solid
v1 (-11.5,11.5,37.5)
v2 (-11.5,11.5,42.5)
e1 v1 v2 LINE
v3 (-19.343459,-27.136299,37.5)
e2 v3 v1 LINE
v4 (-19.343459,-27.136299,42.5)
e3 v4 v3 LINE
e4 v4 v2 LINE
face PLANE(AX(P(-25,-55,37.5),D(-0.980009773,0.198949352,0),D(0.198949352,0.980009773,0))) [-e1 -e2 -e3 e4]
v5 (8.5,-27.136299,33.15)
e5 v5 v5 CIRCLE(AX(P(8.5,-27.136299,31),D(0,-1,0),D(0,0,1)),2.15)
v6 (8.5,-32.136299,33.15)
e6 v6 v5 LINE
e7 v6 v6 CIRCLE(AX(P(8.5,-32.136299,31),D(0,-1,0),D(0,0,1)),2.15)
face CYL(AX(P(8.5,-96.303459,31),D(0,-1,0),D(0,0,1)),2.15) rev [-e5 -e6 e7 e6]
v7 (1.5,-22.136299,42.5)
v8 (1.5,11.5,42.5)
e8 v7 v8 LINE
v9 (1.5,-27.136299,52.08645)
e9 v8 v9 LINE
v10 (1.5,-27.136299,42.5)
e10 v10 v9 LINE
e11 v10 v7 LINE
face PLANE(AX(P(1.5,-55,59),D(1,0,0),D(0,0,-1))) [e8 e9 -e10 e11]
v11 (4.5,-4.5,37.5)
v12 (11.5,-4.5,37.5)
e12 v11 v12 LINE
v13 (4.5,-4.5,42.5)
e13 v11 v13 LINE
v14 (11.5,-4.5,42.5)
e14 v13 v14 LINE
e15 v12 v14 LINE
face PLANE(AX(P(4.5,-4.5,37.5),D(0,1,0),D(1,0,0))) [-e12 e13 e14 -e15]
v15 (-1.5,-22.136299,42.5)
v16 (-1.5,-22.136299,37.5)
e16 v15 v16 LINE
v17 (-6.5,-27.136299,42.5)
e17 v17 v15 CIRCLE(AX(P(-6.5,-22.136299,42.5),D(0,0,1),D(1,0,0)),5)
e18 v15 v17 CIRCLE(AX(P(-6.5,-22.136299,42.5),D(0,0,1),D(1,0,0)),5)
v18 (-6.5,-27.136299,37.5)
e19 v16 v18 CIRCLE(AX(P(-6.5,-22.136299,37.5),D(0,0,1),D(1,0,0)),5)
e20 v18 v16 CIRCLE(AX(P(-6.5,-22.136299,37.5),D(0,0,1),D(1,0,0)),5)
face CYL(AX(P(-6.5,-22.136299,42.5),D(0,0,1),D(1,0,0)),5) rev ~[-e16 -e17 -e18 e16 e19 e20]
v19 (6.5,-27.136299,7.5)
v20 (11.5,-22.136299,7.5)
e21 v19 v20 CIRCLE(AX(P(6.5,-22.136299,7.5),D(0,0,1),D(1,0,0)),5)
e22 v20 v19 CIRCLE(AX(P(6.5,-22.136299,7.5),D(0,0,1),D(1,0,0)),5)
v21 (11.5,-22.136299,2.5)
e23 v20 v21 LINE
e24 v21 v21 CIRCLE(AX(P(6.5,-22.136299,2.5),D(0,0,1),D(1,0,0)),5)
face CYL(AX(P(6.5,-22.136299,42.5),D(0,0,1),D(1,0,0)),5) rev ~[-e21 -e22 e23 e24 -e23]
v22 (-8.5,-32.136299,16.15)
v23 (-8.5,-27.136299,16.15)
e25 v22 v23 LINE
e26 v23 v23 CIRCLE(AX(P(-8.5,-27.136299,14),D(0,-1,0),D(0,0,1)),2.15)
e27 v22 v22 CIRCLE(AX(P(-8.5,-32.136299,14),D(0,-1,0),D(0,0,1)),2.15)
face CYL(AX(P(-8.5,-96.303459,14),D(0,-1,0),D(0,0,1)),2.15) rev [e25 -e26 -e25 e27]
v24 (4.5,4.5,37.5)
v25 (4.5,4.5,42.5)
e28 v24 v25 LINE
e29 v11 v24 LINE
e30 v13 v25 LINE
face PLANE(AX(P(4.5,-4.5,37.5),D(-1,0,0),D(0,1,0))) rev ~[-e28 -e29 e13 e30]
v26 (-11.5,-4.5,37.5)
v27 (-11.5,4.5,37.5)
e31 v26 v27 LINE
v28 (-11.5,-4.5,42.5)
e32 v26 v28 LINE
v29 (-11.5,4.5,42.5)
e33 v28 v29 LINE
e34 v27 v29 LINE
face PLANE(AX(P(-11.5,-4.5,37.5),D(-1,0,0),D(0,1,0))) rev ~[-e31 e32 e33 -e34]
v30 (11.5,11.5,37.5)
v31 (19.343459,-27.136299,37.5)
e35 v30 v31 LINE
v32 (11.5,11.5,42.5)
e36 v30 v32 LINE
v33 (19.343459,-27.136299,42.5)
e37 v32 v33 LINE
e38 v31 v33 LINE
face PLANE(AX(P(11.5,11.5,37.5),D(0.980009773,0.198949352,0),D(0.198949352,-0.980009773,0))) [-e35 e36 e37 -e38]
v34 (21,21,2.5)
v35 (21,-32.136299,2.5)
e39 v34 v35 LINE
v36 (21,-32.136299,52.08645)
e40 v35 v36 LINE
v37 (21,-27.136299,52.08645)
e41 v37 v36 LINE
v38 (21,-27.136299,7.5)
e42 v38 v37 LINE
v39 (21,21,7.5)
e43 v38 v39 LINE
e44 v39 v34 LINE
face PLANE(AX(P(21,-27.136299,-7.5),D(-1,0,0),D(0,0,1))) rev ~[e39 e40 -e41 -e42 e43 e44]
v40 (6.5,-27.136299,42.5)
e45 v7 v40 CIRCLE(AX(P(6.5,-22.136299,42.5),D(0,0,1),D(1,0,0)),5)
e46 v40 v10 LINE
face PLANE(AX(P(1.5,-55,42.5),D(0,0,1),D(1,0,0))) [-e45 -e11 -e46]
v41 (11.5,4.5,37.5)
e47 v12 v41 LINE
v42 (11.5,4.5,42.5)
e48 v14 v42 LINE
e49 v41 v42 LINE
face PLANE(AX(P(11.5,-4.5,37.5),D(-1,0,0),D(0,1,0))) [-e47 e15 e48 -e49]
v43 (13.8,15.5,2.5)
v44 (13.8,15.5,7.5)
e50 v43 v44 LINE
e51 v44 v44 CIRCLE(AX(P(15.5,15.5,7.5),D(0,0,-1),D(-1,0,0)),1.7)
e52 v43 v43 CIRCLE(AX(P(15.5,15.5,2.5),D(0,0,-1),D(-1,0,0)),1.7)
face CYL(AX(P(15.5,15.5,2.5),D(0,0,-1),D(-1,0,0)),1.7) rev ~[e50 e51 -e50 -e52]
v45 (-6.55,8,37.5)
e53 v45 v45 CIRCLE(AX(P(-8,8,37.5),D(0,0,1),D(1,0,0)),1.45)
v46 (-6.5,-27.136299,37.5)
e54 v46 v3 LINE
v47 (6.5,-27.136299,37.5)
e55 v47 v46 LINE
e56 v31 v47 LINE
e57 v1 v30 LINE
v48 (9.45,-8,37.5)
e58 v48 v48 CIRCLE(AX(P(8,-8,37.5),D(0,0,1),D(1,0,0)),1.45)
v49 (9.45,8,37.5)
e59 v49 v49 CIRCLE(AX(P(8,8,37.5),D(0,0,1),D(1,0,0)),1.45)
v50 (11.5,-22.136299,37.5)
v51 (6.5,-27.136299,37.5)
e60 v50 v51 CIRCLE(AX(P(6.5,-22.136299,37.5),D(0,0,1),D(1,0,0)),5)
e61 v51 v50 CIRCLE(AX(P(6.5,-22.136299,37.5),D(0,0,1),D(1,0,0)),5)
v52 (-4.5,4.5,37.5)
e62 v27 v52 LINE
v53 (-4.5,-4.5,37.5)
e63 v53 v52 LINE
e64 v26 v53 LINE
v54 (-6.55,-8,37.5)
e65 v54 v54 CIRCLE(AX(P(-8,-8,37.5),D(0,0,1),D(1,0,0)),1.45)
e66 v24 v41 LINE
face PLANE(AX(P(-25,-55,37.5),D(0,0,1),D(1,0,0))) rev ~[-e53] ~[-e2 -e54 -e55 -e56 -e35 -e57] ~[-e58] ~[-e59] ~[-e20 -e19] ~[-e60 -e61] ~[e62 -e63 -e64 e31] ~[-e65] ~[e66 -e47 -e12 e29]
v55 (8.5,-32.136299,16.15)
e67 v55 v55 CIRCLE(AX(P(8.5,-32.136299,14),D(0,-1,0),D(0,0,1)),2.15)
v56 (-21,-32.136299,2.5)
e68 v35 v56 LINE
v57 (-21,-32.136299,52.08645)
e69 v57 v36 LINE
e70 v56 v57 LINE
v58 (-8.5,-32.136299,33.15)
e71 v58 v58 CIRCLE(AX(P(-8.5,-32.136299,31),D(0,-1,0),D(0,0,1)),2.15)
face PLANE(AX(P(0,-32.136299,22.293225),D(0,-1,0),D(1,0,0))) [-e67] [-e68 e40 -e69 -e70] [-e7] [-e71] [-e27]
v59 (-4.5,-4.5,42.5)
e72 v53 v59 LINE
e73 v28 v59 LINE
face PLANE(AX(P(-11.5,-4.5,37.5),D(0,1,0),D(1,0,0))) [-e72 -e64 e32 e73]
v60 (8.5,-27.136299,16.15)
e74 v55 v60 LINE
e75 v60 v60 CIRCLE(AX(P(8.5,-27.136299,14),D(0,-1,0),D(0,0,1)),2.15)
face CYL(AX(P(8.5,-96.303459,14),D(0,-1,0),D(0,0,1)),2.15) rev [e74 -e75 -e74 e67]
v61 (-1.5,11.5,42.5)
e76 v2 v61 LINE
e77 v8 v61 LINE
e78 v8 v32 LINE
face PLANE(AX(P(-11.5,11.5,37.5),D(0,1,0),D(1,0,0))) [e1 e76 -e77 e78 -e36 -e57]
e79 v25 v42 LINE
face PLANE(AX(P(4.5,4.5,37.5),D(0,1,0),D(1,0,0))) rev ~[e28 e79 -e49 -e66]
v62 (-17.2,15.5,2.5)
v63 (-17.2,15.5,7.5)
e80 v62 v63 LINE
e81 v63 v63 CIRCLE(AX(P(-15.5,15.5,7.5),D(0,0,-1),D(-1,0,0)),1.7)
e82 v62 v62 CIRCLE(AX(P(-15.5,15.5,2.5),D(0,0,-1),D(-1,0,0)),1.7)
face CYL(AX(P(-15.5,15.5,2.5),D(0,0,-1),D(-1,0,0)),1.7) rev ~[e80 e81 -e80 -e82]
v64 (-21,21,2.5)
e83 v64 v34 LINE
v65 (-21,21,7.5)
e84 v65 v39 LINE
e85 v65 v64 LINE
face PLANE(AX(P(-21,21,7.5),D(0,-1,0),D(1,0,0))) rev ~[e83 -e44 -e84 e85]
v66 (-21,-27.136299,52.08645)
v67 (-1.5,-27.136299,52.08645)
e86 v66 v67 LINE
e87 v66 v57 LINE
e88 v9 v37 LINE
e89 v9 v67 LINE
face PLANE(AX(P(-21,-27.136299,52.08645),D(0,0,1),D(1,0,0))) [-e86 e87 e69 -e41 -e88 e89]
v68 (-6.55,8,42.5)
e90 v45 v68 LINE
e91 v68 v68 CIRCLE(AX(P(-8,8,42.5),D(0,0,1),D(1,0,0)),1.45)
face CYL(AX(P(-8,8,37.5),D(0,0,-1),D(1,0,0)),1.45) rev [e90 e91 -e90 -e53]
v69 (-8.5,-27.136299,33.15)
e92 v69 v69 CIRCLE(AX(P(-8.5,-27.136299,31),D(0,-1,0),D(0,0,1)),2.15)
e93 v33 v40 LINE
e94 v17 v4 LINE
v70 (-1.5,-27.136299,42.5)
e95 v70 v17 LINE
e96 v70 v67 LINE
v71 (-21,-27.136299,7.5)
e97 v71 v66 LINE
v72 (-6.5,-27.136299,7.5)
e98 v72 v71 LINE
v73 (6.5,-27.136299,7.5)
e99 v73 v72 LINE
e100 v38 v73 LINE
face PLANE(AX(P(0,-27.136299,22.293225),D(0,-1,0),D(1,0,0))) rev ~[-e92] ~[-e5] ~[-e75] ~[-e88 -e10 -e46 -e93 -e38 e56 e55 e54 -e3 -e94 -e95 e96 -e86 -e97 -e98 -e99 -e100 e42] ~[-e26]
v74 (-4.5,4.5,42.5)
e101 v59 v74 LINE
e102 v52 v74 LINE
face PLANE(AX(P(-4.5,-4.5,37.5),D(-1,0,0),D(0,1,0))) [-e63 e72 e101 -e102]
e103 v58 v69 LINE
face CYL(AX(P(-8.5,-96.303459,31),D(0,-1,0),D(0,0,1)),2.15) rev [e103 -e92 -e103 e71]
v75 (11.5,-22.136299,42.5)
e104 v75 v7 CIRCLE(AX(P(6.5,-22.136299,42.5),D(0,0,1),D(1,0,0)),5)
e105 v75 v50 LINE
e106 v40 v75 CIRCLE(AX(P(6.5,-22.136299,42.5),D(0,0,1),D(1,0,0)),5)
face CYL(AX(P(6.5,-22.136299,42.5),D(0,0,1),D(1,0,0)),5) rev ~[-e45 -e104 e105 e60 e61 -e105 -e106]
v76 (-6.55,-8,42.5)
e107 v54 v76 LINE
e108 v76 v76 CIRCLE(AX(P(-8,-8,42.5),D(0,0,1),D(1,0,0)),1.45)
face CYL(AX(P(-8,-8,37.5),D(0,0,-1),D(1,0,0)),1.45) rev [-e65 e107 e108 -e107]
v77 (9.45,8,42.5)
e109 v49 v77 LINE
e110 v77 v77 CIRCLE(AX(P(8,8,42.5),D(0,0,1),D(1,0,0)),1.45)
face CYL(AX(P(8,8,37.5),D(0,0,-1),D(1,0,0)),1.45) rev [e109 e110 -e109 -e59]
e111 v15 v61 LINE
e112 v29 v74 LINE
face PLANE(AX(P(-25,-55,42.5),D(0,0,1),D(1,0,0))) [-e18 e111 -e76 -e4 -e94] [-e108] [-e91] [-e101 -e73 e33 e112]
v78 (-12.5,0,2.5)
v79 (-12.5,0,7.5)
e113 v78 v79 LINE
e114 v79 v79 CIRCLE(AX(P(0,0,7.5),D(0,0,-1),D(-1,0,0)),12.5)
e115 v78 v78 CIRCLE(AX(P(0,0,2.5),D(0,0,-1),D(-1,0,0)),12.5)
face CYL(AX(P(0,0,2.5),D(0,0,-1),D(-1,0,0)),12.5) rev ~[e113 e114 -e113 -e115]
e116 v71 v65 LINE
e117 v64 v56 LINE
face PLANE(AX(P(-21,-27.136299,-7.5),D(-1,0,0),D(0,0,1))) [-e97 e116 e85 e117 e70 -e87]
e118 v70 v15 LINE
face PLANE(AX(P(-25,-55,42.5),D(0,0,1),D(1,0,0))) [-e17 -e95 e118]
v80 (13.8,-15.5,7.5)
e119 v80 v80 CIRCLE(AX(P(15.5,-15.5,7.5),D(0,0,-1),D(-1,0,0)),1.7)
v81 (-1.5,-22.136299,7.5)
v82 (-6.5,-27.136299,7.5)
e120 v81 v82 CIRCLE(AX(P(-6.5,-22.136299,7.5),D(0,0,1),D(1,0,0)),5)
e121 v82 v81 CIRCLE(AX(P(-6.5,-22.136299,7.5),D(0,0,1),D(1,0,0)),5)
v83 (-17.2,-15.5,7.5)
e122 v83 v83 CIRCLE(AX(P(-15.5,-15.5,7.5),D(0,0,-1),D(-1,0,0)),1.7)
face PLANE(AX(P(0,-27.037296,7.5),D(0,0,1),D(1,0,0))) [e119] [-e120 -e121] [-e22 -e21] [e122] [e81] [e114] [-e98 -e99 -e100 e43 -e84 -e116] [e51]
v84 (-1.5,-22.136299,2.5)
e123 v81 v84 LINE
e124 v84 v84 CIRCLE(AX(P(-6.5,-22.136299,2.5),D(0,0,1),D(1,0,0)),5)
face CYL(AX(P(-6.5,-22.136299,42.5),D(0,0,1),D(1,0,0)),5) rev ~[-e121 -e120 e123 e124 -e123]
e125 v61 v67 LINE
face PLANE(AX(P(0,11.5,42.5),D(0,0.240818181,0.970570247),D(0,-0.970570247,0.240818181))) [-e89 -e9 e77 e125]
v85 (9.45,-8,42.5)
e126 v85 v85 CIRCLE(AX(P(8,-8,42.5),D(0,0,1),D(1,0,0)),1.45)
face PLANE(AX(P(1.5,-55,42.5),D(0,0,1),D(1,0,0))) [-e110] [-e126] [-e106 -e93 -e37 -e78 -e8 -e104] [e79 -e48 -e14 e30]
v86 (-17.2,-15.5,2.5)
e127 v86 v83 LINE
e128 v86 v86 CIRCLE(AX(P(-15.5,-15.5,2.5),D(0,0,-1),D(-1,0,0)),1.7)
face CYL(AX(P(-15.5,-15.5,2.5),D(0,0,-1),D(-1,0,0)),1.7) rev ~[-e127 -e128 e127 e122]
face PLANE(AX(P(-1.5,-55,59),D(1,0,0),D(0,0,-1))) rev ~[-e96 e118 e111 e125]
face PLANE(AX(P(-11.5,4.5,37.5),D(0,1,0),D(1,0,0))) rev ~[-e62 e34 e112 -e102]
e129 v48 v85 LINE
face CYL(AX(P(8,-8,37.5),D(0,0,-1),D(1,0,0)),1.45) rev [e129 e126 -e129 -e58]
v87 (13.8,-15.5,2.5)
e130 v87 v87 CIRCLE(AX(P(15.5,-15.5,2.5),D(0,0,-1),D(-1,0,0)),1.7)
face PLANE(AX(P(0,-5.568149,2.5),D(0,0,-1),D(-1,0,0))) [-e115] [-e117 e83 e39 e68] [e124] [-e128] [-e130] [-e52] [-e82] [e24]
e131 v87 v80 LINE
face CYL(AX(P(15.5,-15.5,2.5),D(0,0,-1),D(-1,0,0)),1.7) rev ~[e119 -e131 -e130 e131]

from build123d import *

# Parameters (mm, degrees)
MOTOR_MOUNT_SOLID_DEPTH                   = 7.5
ENCODER_DISTANCE_SKETCH_W                 = 50
ENCODER_DISTANCE_SKETCH_H                 = 45
ENCODER_DISTANCE_SOLID_DEPTH              = 5
ENCODER_MOUNT_SKETCH_R                    = 1.45
ENCODER_MOUNT_SKETCH_W                    = 7
ENCODER_MOUNT_SKETCH_H                    = 9
ENCODER_MOUNT_SOLID_DEPTH                 = 5
MOTOR_CLAMP_MOUNTING_HOLES_CUT_DEPTH      = 78.661122835
MOTOR_CLAMP_MOUNTING_HOLES_CUT_DEPTH_BACK = 78.661122835
MOTOR_CLAMP_MOUNTING_HOLES_SKETCH_R       = 1.45
GUSSET_PLATE_SKETCH_W                     = 50
GUSSET_PLATE_SKETCH_H                     = 5
GUSSET_PLATE_SOLID_DEPTH                  = 16.5
GUSSET_SOLID_DEPTH                        = 1.5
MOUNTING_PLATE_SKETCH_W                   = 50
MOUNTING_PLATE_SKETCH_H                   = 92
MOUNTING_PLATE_SKETCH_R                   = 2.65
MOUNTING_PLATE_SOLID_DEPTH                = 5
MOUNTING_HOLES_CUT_DEPTH                  = 93.348524623
MOUNTING_HOLES_CUT_DEPTH_BACK             = 93.348524623
MOUNTING_HOLE_SKETCH_R                    = 2.65
MOUNTING_PLATE_TRIM_SKETCH_W              = 50
MOUNTING_PLATE_TRIM_SKETCH_H              = 25.5
MOUNTING_PLATE_TRIM_SKETCH_H_2            = 30
MOUNTING_PLATE_TRIM_SKETCH_W_2            = 23.5
MOUNTING_PLATE_TRIM_SKETCH_H_3            = 16.5
MOUNTING_PLATE_TRIM_CUT_DEPTH             = 2
CUT_EXTRUDE1_DEPTH                        = 93.990590922
CUT_EXTRUDE1_DEPTH_BACK                   = 93.990590922
SKETCH2_W                                 = 50
SKETCH2_H                                 = 120
SKETCH2_W_2                               = 42
SKETCH2_H_2                               = 54.272597004
SKETCH3_W                                 = 42
SKETCH3_H                                 = 59.586450004
BOSS_EXTRUDE1_DEPTH                       = 5
CUT_EXTRUDE2_DEPTH                        = 69.16716098
CUT_EXTRUDE2_DEPTH_BACK                   = 69.16716098
SKETCH4_R                                 = 2.15
SKETCH5_W                                 = 42
SKETCH5_H                                 = 42
BOSS_EXTRUDE2_DEPTH                       = 5
SKETCH6_W                                 = 42
SKETCH6_H                                 = 53.136298502
CUT_EXTRUDE3_DEPTH                        = 10
SKETCH7_R                                 = 12.5
SKETCH7_R_2                               = 1.7
CUT_EXTRUDE4_DEPTH                        = 5
SKETCH8_R                                 = 5
CUT_EXTRUDE5_DEPTH                        = 56.441335495


with BuildPart() as part:
    # Mouting Mount Sketch → Motor Mount Solid (new, symmetric)
    with BuildSketch(Plane.XY):
        with BuildLine():
            Line((-25, -55), (25, -55))
            Line((25, -55), (25, 0))
            Line((25, 0), (10, 0))
            ThreePointArc((10, 0), (0, -10), (-10, 0))
            Line((-10, 0), (-25, 0))
            Line((-25, 0), (-25, -55))
        make_face()
    extrude(amount=MOTOR_MOUNT_SOLID_DEPTH, both=True)

    # Encoder Distance Sketch → Encoder Distance Solid (add)
    with BuildSketch(Plane.XZ.offset(55)):
        with Locations((0, 15)):
            Rectangle(ENCODER_DISTANCE_SKETCH_W, ENCODER_DISTANCE_SKETCH_H)
    extrude(amount=ENCODER_DISTANCE_SOLID_DEPTH)

    # Encoder Mount Sketch → Encoder Mount Solid (add)
    with BuildSketch(Plane.XY.offset(37.5)):
        Polygon((-25, -60), (-25, -55), (-11.5, 11.5), (11.5, 11.5), (25, -55), (25, -60), align=None)
        with Locations((-8, 8)):
            Circle(ENCODER_MOUNT_SKETCH_R, mode=Mode.SUBTRACT)
        with Locations((8, 8)):
            Circle(ENCODER_MOUNT_SKETCH_R, mode=Mode.SUBTRACT)
        with Locations((-8, -8)):
            Circle(ENCODER_MOUNT_SKETCH_R, mode=Mode.SUBTRACT)
        with Locations((8, -8)):
            Circle(ENCODER_MOUNT_SKETCH_R, mode=Mode.SUBTRACT)
        with Locations((-8, 0)):
            Rectangle(ENCODER_MOUNT_SKETCH_W, ENCODER_MOUNT_SKETCH_H, mode=Mode.SUBTRACT)
        with Locations((8, 0)):
            Rectangle(ENCODER_MOUNT_SKETCH_W, ENCODER_MOUNT_SKETCH_H, mode=Mode.SUBTRACT)
    extrude(amount=ENCODER_MOUNT_SOLID_DEPTH)

    # Motor Clamp Mounting Holes Sketch → Motor Clamp Mounting Holes Cut (cut, two sides: drawn at the far end of the back side and taken through both)
    with BuildSketch(Plane(origin=(0, 0, 0), x_dir=(1, 0, 0), z_dir=(0, 1, 0)).offset(-MOTOR_CLAMP_MOUNTING_HOLES_CUT_DEPTH_BACK)):
        with Locations(Location((-15, 0, 0), (0, 0, 180))):
            Circle(MOTOR_CLAMP_MOUNTING_HOLES_SKETCH_R)
        with Locations(Location((15, 0, 0), (0, 0, 180))):
            Circle(MOTOR_CLAMP_MOUNTING_HOLES_SKETCH_R)
    extrude(amount=MOTOR_CLAMP_MOUNTING_HOLES_CUT_DEPTH + MOTOR_CLAMP_MOUNTING_HOLES_CUT_DEPTH_BACK, mode=Mode.SUBTRACT)

    # Gusset Plate Sketch → Gusset Plate Solid (add)
    with BuildSketch(Plane.XY.offset(42.5)):
        with Locations((0, -57.5)):
            Rectangle(GUSSET_PLATE_SKETCH_W, GUSSET_PLATE_SKETCH_H)
    extrude(amount=GUSSET_PLATE_SOLID_DEPTH)

    # Gusset Sketch → Gusset Solid (add, symmetric)
    with BuildSketch(Plane(origin=(0, 0, 0), x_dir=(0, 0, -1), z_dir=(1, 0, 0))):
        Polygon((-42.5, 11.5), (-59, -55), (-42.5, -55), align=None)
    extrude(amount=GUSSET_SOLID_DEPTH, both=True)

    # Mounting Plate Sketch → Mounting Plate Solid (add)
    with BuildSketch(Plane(origin=(0, -55, 0), x_dir=(1, 0, 0), z_dir=(0, 1, 0))):
        with Locations((0, -13)):
            Rectangle(MOUNTING_PLATE_SKETCH_W, MOUNTING_PLATE_SKETCH_H)
        with Locations((-19, -53)):
            Circle(MOUNTING_PLATE_SKETCH_R, mode=Mode.SUBTRACT)
        with Locations((19, -53)):
            Circle(MOUNTING_PLATE_SKETCH_R, mode=Mode.SUBTRACT)
        with Locations(Location((-19, 27, 0), (0, 0, 270))):
            Circle(MOUNTING_PLATE_SKETCH_R, mode=Mode.SUBTRACT)
        with Locations(Location((19, 27, 0), (0, 0, 270))):
            Circle(MOUNTING_PLATE_SKETCH_R, mode=Mode.SUBTRACT)
    extrude(amount=-MOUNTING_PLATE_SOLID_DEPTH)

    # Mounting Hole Sketch → Mounting Holes Cut (cut, two sides: drawn at the far end of the back side and taken through both)
    with BuildSketch(Plane(origin=(0, -55, 0), x_dir=(1, 0, 0), z_dir=(0, 1, 0)).offset(-MOUNTING_HOLES_CUT_DEPTH_BACK)):
        with Locations(Location((-19, 27, 0), (0, 0, 270))):
            Circle(MOUNTING_HOLE_SKETCH_R)
        with Locations(Location((19, 27, 0), (0, 0, 270))):
            Circle(MOUNTING_HOLE_SKETCH_R)
        with Locations(Location((19, -53, 0), (0, 0, 90))):
            Circle(MOUNTING_HOLE_SKETCH_R)
        with Locations(Location((-19, -53, 0), (0, 0, 90))):
            Circle(MOUNTING_HOLE_SKETCH_R)
    extrude(amount=MOUNTING_HOLES_CUT_DEPTH + MOUNTING_HOLES_CUT_DEPTH_BACK, mode=Mode.SUBTRACT)

    # Mounting Plate Trim Sketch → Mounting Plate Trim Cut (cut)
    with BuildSketch(Plane(origin=(0, -55, 0), x_dir=(1, 0, 0), z_dir=(0, 1, 0))):
        with Locations((0, 20.25)):
            Rectangle(MOUNTING_PLATE_TRIM_SKETCH_W, MOUNTING_PLATE_TRIM_SKETCH_H)
        with Locations((0, -22.5)):
            Rectangle(MOUNTING_PLATE_TRIM_SKETCH_W, MOUNTING_PLATE_TRIM_SKETCH_H_2)
        with Locations((13.25, -50.75)):
            Rectangle(MOUNTING_PLATE_TRIM_SKETCH_W_2, MOUNTING_PLATE_TRIM_SKETCH_H_3)
        with Locations((-13.25, -50.75)):
            Rectangle(MOUNTING_PLATE_TRIM_SKETCH_W_2, MOUNTING_PLATE_TRIM_SKETCH_H_3)
    extrude(amount=-MOUNTING_PLATE_TRIM_CUT_DEPTH, mode=Mode.SUBTRACT)

    # Sketch2 → Cut-Extrude1 (cut, two sides: drawn at the far end of the back side and taken through both)
    with BuildSketch(Plane(origin=(0, 0, -7.5), x_dir=(-1, 0, 0), z_dir=(0, 0, -1)).offset(-CUT_EXTRUDE1_DEPTH_BACK)):
        Rectangle(SKETCH2_W, SKETCH2_H)
        Rectangle(SKETCH2_W_2, SKETCH2_H_2, mode=Mode.SUBTRACT)
    extrude(amount=CUT_EXTRUDE1_DEPTH + CUT_EXTRUDE1_DEPTH_BACK, mode=Mode.SUBTRACT)


with BuildPart() as cut_extrude1_piece_1:
    # of the separate pieces the step leaves, piece 1, a body of its own (cut_extrude1_pieces)
    add(part.part.solids().sort_by_distance((21, 0, 7.5))[0])



with BuildPart() as cut_extrude1_piece_2:
    # of the separate pieces the step leaves, piece 2, a body of its own (cut_extrude1_pieces)
    add(part.part.solids().sort_by_distance((-1.5, -27.136298502, 42.5))[0])


with BuildPart() as cut_extrude1_piece_1_1:
    add(cut_extrude1_piece_1.part)

    add(cut_extrude1_piece_2.part)  # Boss-Extrude1 merges Cut-Extrude1 piece 2
    # Sketch3 → Boss-Extrude1 (add)
    with BuildSketch(Plane.XZ.offset(27.136298502)):
        with Locations((0, 22.293225002)):
            Rectangle(SKETCH3_W, SKETCH3_H)
    extrude(amount=BOSS_EXTRUDE1_DEPTH)

    # Sketch4 → Cut-Extrude2 (cut, two sides: drawn at the far end of the back side and taken through both)
    with BuildSketch(Plane(origin=(0, -27.136298502, 0), x_dir=(1, 0, 0), z_dir=(0, 1, 0)).offset(-CUT_EXTRUDE2_DEPTH_BACK)):
        with Locations(Location((-8.5, -14, 0), (0, 0, 270))):
            Circle(SKETCH4_R)
        with Locations(Location((8.5, -14, 0), (0, 0, 270))):
            Circle(SKETCH4_R)
        with Locations(Location((-8.5, -31, 0), (0, 0, 270))):
            Circle(SKETCH4_R)
        with Locations(Location((8.5, -31, 0), (0, 0, 270))):
            Circle(SKETCH4_R)
    extrude(amount=CUT_EXTRUDE2_DEPTH + CUT_EXTRUDE2_DEPTH_BACK, mode=Mode.SUBTRACT)

    # Sketch5 → Boss-Extrude2 (add)
    with BuildSketch(Plane.XY.offset(7.5)):
        Rectangle(SKETCH5_W, SKETCH5_H)
    extrude(amount=-BOSS_EXTRUDE2_DEPTH)

    # Sketch6 → Cut-Extrude3 (cut)
    with BuildSketch(Plane(origin=(0, 0, -7.5), x_dir=(-1, 0, 0), z_dir=(0, 0, -1))):
        with Locations((0, -5.568149251)):
            Rectangle(SKETCH6_W, SKETCH6_H)
    extrude(amount=-CUT_EXTRUDE3_DEPTH, mode=Mode.SUBTRACT)

    # Sketch7 → Cut-Extrude4 (cut)
    with BuildSketch(Plane(origin=(0, 0, 2.5), x_dir=(-1, 0, 0), z_dir=(0, 0, -1))):
        Circle(SKETCH7_R)
        with Locations((-15.5, 15.5)):
            Circle(SKETCH7_R_2)
        with Locations((15.5, 15.5)):
            Circle(SKETCH7_R_2)
        with Locations((-15.5, -15.5)):
            Circle(SKETCH7_R_2)
        with Locations((15.5, -15.5)):
            Circle(SKETCH7_R_2)
    extrude(amount=-CUT_EXTRUDE4_DEPTH, mode=Mode.SUBTRACT)

    # Sketch8 → Cut-Extrude5 (cut, through all)
    with BuildSketch(Plane.XY.offset(42.5)):
        with Locations((-6.5, -22.136298502)):
            Circle(SKETCH8_R)
        with Locations((6.5, -22.136298502)):
            Circle(SKETCH8_R)
    extrude(amount=-CUT_EXTRUDE5_DEPTH, mode=Mode.SUBTRACT)


solid = cut_extrude1_piece_1_1.part
